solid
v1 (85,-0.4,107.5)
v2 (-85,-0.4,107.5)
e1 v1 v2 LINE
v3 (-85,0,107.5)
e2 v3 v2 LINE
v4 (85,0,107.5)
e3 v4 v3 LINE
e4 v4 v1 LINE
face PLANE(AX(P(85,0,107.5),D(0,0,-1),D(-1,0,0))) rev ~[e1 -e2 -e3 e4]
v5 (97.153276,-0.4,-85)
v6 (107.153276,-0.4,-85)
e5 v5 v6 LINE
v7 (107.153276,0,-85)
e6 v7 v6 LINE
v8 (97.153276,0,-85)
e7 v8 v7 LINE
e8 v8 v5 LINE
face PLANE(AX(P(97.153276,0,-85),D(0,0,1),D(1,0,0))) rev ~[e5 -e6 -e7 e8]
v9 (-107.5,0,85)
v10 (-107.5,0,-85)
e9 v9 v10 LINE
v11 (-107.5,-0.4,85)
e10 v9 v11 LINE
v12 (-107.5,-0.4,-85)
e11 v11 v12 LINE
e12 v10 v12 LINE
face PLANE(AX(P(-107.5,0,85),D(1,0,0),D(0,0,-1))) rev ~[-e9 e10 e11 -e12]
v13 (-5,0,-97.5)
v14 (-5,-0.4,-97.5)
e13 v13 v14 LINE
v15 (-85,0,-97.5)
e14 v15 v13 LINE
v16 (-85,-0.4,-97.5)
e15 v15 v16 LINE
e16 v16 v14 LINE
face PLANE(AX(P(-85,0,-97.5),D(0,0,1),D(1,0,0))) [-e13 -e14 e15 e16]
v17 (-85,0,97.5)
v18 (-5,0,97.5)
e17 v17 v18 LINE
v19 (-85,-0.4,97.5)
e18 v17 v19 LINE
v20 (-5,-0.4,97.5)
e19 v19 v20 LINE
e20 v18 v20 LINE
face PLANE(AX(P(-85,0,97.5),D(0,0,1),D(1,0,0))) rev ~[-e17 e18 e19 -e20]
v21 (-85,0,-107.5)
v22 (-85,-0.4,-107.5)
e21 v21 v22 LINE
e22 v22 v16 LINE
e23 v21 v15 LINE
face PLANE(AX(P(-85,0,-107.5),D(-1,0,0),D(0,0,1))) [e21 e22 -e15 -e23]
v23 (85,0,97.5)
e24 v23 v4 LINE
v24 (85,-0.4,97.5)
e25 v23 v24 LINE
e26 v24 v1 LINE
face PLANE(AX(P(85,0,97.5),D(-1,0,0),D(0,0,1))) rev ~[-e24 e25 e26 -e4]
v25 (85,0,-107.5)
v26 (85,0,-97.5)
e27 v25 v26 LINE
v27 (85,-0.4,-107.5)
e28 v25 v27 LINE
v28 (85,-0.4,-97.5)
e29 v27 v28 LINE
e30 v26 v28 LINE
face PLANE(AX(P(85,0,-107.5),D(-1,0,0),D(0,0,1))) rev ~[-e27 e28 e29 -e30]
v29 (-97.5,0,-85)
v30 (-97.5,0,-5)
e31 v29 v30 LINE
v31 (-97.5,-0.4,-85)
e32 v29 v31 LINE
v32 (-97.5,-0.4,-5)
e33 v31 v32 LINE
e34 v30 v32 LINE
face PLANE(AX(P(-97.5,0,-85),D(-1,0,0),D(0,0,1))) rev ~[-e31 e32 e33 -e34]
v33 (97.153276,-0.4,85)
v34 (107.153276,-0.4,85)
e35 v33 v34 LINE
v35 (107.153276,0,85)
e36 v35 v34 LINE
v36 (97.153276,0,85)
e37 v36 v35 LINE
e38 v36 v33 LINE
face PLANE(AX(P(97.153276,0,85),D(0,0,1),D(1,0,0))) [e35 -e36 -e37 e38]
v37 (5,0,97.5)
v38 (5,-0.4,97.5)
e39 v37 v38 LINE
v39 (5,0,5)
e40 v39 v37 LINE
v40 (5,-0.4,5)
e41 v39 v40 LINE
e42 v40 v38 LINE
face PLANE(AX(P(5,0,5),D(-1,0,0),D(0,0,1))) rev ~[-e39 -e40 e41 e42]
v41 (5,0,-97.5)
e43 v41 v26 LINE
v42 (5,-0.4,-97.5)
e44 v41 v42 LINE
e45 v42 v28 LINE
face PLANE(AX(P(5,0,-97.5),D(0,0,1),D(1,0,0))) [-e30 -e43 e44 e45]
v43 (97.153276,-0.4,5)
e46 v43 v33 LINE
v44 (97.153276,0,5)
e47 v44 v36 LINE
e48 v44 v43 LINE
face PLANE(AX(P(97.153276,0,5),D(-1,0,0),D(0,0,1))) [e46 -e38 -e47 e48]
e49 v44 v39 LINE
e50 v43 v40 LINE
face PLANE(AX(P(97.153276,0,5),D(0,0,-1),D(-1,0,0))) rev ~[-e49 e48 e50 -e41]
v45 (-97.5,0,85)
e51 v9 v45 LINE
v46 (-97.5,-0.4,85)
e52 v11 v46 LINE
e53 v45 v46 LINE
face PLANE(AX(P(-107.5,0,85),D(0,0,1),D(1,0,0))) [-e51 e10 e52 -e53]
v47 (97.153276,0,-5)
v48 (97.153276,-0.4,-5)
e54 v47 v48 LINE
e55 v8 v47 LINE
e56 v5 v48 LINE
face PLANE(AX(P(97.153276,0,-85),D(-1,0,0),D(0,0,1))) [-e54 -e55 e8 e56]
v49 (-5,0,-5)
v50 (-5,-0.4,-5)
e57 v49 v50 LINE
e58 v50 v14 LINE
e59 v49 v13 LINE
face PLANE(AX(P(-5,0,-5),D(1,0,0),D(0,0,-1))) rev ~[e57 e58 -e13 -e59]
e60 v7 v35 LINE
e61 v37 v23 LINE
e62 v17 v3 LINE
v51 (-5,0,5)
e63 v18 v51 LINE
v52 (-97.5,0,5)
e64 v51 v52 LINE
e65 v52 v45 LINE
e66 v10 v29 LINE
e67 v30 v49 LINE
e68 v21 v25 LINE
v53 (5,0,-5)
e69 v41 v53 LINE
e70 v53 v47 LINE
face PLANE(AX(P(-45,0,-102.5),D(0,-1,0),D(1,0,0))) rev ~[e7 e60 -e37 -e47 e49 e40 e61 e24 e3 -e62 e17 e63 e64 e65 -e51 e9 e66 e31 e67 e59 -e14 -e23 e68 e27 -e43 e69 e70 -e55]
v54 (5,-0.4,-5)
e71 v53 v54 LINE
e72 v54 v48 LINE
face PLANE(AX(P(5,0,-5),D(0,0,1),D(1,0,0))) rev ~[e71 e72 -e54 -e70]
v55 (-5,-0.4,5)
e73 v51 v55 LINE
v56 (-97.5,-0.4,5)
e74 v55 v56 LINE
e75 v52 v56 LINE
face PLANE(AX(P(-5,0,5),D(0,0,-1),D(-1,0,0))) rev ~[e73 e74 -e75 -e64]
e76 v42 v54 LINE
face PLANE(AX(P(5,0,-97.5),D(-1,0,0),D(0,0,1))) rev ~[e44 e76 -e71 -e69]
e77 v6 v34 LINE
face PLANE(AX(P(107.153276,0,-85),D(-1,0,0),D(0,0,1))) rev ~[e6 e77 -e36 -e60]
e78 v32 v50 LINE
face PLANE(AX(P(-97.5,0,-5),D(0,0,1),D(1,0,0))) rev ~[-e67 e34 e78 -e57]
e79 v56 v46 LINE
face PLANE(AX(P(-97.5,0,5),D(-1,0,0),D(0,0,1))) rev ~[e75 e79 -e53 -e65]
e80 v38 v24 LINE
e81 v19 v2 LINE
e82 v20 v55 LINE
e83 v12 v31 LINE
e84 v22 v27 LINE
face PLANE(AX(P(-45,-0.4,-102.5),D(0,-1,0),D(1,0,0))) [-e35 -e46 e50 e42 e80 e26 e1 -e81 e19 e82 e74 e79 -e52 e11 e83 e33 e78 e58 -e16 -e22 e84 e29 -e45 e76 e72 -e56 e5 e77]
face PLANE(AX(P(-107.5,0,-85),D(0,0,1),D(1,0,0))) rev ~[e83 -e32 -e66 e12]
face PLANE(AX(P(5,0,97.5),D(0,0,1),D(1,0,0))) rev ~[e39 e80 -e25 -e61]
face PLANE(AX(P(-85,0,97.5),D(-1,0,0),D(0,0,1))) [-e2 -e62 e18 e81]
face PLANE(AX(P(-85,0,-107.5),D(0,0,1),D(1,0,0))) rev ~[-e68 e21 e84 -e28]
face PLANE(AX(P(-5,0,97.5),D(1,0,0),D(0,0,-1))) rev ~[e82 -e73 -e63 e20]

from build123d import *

# Parameters (mm, degrees)
F0_W     = 80
F0_H     = 10
F0_W_2   = 10
F0_H_2   = 80
F1_DEPTH = 0.4


with BuildPart() as f1:
    # F0 (on Front) → F1 (new body)
    with BuildSketch(Plane.XZ):
        with Locations((-45, -102.5)):
            Rectangle(F0_W, F0_H)
        Polygon((5, -5), (-5, -5), (-5, -97.5), (-5, -107.5), (5, -107.5), (5, -97.5), align=None)
        with Locations((45, -102.5)):
            Rectangle(F0_W, F0_H)
        with Locations((102.1532762051, -45)):
            Rectangle(F0_W_2, F0_H_2)
        Polygon((97.1532762051, 5), (5, 5), (5, -5), (97.1532762051, -5), (107.1532762051, -5), (107.1532762051, 5), align=None)
        with Locations((102.1532762051, 45)):
            Rectangle(F0_W_2, F0_H_2)
        Polygon((-5, 97.5), (-5, 5), (5, 5), (5, 97.5), (5, 107.5), (-5, 107.5), align=None)
        Rectangle(F0_W_2, F0_H)
        Polygon((-97.5, 5), (-107.5, 5), (-107.5, -5), (-97.5, -5), (-5, -5), (-5, 5), align=None)
        with Locations((-102.5, -45)):
            Rectangle(F0_W_2, F0_H_2)
        with Locations((-102.5, 45)):
            Rectangle(F0_W_2, F0_H_2)
        with Locations((45, 102.5)):
            Rectangle(F0_W, F0_H)
        with Locations((-45, 102.5)):
            Rectangle(F0_W, F0_H)
    extrude(amount=F1_DEPTH)


solid = f1.part
